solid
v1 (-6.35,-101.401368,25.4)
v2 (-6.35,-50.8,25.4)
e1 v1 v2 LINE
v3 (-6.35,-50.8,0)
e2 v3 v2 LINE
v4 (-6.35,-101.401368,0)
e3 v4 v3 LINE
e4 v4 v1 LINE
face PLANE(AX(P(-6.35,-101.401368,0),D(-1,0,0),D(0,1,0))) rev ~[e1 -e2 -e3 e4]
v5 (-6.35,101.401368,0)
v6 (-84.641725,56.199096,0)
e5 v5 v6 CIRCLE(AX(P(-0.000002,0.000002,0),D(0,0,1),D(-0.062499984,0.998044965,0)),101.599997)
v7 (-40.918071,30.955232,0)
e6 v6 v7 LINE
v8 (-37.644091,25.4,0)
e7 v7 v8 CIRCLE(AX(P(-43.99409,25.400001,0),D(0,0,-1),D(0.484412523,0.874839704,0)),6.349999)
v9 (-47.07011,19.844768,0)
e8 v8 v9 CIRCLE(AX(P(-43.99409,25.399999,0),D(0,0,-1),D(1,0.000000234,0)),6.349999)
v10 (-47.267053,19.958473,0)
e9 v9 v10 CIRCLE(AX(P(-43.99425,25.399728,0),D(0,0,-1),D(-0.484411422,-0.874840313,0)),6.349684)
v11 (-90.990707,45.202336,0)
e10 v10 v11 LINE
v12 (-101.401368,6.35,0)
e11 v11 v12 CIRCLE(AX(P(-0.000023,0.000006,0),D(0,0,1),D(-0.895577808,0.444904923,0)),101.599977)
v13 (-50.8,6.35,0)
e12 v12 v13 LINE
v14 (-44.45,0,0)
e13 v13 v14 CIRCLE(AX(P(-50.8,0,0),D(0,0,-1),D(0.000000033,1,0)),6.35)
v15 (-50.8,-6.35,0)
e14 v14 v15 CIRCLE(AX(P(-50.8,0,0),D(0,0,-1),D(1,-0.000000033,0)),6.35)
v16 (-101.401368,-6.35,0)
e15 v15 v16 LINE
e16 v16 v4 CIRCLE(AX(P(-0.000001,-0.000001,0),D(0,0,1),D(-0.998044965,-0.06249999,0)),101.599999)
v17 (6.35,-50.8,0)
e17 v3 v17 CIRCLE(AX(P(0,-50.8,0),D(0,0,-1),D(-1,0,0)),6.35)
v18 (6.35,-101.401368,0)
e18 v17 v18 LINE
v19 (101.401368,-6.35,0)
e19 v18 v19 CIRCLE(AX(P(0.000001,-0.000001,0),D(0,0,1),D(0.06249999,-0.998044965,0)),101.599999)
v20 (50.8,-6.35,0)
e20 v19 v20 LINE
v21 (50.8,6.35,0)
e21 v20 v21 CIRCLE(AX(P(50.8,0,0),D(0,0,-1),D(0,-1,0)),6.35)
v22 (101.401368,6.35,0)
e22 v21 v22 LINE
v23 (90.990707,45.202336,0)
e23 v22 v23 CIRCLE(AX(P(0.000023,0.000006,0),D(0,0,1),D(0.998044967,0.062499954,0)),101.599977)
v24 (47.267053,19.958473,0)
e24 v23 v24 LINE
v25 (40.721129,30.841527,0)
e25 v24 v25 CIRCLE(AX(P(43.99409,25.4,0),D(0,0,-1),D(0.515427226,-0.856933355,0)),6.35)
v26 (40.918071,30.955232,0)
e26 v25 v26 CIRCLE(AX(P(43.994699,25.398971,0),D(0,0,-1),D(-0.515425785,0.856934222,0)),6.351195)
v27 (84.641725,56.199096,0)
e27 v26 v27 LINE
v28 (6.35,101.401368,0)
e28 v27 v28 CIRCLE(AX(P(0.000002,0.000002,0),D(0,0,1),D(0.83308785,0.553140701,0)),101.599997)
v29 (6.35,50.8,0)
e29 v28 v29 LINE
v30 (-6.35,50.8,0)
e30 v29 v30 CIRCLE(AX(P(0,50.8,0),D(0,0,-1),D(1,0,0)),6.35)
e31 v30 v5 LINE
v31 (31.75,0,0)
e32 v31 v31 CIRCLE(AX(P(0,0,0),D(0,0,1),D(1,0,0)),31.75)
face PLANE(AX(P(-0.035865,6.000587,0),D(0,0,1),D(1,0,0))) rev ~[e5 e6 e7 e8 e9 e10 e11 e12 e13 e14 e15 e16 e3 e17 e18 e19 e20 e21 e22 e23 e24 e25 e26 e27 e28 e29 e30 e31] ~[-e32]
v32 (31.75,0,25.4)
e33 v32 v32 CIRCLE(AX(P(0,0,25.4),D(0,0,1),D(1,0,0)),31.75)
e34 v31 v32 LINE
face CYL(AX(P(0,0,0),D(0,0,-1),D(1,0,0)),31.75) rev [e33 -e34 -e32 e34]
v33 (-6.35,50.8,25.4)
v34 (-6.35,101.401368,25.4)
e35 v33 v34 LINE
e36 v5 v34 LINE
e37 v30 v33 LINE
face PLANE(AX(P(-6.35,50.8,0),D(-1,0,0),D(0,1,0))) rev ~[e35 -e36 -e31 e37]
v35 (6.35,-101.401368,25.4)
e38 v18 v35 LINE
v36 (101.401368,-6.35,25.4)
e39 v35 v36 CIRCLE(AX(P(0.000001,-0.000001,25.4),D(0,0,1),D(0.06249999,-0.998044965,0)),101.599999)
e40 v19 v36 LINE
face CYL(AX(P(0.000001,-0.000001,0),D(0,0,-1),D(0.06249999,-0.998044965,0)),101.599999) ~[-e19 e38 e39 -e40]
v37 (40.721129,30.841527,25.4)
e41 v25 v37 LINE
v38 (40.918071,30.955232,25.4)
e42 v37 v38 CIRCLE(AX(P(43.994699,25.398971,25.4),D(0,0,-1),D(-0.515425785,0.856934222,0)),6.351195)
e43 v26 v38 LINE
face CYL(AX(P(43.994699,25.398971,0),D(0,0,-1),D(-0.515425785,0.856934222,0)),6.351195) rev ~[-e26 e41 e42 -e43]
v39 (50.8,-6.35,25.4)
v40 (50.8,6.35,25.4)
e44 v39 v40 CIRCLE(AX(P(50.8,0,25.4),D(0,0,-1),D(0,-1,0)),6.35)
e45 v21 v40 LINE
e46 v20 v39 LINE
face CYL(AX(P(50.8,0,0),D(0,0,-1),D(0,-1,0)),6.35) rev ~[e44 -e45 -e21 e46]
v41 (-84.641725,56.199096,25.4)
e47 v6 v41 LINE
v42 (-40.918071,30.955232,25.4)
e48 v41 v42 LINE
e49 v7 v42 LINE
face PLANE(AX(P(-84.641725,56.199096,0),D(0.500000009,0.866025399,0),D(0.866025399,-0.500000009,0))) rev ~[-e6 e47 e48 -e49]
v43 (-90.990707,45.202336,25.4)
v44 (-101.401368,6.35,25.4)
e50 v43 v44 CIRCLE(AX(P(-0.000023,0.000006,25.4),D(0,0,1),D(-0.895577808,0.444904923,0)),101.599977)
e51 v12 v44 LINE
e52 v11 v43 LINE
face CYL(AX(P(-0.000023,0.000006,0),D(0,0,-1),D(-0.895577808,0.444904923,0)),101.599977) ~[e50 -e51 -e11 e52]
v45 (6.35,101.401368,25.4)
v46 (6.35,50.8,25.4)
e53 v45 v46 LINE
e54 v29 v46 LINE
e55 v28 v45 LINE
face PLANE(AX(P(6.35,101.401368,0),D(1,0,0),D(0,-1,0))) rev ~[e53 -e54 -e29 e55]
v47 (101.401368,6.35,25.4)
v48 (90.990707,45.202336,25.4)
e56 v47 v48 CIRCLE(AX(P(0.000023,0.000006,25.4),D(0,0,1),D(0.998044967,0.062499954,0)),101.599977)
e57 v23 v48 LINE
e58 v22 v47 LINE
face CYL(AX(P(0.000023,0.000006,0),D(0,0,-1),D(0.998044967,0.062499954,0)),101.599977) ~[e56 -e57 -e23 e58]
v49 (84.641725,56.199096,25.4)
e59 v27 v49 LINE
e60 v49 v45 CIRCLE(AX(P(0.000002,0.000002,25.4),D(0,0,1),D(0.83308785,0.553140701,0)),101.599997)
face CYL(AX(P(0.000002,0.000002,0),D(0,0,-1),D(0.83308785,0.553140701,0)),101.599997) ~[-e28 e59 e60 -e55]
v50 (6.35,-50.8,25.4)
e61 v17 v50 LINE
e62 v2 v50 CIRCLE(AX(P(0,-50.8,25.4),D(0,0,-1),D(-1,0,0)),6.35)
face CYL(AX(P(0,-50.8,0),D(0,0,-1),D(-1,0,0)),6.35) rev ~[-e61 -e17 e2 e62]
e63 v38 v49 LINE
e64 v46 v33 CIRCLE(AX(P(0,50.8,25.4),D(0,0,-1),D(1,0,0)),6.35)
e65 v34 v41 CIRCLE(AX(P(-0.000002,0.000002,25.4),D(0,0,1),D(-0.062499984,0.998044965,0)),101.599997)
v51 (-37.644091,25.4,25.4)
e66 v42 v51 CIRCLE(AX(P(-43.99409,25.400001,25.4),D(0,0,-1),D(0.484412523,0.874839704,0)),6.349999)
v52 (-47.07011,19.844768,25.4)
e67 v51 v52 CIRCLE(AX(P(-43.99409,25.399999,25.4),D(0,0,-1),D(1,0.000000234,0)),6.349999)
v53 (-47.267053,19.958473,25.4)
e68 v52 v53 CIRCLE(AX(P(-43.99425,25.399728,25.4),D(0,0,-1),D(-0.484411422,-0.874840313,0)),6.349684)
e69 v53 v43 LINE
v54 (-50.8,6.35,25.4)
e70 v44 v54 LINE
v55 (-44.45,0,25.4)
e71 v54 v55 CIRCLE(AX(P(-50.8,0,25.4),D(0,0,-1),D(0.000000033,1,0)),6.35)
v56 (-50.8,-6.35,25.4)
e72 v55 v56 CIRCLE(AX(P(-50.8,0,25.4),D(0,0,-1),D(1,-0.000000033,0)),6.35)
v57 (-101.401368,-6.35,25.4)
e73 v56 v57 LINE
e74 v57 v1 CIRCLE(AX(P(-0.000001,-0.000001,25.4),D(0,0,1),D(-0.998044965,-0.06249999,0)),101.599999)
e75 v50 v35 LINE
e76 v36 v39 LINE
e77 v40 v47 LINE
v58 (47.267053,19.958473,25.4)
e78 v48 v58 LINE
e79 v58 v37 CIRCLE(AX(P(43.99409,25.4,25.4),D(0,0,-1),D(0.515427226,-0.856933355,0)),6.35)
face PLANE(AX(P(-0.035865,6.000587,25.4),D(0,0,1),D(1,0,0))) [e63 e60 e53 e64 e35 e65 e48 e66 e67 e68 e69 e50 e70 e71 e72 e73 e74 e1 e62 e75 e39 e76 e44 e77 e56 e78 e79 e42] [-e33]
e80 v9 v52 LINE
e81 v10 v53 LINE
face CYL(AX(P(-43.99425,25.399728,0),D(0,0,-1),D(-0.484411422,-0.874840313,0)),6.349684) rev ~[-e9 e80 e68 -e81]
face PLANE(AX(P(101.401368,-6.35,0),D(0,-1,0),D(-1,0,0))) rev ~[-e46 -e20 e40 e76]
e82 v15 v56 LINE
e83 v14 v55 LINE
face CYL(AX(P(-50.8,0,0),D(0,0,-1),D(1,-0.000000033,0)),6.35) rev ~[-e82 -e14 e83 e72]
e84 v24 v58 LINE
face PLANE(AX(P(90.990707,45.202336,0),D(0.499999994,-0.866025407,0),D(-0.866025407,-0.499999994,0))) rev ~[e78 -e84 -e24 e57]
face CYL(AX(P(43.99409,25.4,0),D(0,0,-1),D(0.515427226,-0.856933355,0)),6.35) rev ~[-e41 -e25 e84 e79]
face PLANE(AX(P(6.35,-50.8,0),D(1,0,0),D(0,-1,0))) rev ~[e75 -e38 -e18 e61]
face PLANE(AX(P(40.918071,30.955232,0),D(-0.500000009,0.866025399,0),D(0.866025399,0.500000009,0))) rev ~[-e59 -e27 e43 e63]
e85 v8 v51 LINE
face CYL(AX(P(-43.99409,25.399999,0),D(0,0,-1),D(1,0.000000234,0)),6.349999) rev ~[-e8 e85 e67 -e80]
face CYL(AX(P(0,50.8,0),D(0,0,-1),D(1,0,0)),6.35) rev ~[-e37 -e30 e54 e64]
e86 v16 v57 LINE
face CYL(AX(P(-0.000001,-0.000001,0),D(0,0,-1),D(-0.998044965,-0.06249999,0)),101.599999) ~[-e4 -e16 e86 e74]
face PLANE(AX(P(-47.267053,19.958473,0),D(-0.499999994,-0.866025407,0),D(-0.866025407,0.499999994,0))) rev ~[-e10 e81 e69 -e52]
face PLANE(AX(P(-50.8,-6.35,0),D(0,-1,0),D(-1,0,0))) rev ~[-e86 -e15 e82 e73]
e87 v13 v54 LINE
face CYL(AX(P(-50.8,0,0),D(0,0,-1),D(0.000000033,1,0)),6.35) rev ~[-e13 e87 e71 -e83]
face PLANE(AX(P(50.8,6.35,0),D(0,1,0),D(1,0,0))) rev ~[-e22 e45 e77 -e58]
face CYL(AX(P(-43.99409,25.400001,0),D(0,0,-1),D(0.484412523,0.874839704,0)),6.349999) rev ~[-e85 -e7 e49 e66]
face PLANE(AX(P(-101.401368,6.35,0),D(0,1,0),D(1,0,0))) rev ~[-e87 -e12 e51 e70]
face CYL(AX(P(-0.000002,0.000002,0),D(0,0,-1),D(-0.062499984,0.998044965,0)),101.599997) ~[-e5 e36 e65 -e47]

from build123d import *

# Parameters (mm, degrees)
F0_R     = 31.75
F1_DEPTH = 25.4


with BuildPart() as f1:
    # F0 (on Top) → F1 (new body)
    with BuildSketch(Plane.XY):
        with BuildLine():
            Line((50.8, 6.35), (101.401368, 6.35))
            ThreePointArc((101.401368, 6.35), (98.137932, 26.296508), (90.990707, 45.202336))
            Line((90.990707, 45.202336), (47.267053, 19.958473))
            ThreePointArc((47.267053, 19.958473), (38.552563, 22.127038), (40.721129, 30.841527))
            ThreePointArc((40.721129, 30.841527), (40.819091, 30.899261), (40.918071, 30.955232))
            Line((40.918071, 30.955232), (84.641725, 56.199096))
            ThreePointArc((84.641725, 56.199096), (50.800442, 87.987926), (6.35, 101.401368))
            Line((6.35, 101.401368), (6.35, 50.8))
            ThreePointArc((6.35, 50.8), (0, 44.45), (-6.35, 50.8))
            Line((-6.35, 50.8), (-6.35, 101.401368))
            ThreePointArc((-6.35, 101.401368), (-50.800442, 87.987926), (-84.641725, 56.199096))
            Line((-84.641725, 56.199096), (-40.918071, 30.955232))
            ThreePointArc((-40.918071, 30.955232), (-38.523477, 28.62411), (-37.644091, 25.4))
            ThreePointArc((-37.644091, 25.4), (-40.76998, 19.929386), (-47.07011, 19.844768))
            ThreePointArc((-47.07011, 19.844768), (-47.169091, 19.900739), (-47.267053, 19.958473))
            Line((-47.267053, 19.958473), (-90.990707, 45.202336))
            ThreePointArc((-90.990707, 45.202336), (-98.137932, 26.296508), (-101.401368, 6.35))
            Line((-101.401368, 6.35), (-50.8, 6.35))
            ThreePointArc((-50.8, 6.35), (-46.309872, 4.490128), (-44.45, 0))
            ThreePointArc((-44.45, 0), (-46.309872, -4.490128), (-50.8, -6.35))
            Line((-50.8, -6.35), (-101.401368, -6.35))
            ThreePointArc((-101.401368, -6.35), (-71.842049, -71.842049), (-6.35, -101.401368))
            Line((-6.35, -101.401368), (-6.35, -50.8))
            ThreePointArc((-6.35, -50.8), (0, -44.45), (6.35, -50.8))
            Line((6.35, -50.8), (6.35, -101.401368))
            ThreePointArc((6.35, -101.401368), (71.842049, -71.842049), (101.401368, -6.35))
            Line((101.401368, -6.35), (50.8, -6.35))
            ThreePointArc((50.8, -6.35), (44.45, 0), (50.8, 6.35))
        make_face()
        Circle(F0_R, mode=Mode.SUBTRACT)
    extrude(amount=F1_DEPTH)


solid = f1.part
